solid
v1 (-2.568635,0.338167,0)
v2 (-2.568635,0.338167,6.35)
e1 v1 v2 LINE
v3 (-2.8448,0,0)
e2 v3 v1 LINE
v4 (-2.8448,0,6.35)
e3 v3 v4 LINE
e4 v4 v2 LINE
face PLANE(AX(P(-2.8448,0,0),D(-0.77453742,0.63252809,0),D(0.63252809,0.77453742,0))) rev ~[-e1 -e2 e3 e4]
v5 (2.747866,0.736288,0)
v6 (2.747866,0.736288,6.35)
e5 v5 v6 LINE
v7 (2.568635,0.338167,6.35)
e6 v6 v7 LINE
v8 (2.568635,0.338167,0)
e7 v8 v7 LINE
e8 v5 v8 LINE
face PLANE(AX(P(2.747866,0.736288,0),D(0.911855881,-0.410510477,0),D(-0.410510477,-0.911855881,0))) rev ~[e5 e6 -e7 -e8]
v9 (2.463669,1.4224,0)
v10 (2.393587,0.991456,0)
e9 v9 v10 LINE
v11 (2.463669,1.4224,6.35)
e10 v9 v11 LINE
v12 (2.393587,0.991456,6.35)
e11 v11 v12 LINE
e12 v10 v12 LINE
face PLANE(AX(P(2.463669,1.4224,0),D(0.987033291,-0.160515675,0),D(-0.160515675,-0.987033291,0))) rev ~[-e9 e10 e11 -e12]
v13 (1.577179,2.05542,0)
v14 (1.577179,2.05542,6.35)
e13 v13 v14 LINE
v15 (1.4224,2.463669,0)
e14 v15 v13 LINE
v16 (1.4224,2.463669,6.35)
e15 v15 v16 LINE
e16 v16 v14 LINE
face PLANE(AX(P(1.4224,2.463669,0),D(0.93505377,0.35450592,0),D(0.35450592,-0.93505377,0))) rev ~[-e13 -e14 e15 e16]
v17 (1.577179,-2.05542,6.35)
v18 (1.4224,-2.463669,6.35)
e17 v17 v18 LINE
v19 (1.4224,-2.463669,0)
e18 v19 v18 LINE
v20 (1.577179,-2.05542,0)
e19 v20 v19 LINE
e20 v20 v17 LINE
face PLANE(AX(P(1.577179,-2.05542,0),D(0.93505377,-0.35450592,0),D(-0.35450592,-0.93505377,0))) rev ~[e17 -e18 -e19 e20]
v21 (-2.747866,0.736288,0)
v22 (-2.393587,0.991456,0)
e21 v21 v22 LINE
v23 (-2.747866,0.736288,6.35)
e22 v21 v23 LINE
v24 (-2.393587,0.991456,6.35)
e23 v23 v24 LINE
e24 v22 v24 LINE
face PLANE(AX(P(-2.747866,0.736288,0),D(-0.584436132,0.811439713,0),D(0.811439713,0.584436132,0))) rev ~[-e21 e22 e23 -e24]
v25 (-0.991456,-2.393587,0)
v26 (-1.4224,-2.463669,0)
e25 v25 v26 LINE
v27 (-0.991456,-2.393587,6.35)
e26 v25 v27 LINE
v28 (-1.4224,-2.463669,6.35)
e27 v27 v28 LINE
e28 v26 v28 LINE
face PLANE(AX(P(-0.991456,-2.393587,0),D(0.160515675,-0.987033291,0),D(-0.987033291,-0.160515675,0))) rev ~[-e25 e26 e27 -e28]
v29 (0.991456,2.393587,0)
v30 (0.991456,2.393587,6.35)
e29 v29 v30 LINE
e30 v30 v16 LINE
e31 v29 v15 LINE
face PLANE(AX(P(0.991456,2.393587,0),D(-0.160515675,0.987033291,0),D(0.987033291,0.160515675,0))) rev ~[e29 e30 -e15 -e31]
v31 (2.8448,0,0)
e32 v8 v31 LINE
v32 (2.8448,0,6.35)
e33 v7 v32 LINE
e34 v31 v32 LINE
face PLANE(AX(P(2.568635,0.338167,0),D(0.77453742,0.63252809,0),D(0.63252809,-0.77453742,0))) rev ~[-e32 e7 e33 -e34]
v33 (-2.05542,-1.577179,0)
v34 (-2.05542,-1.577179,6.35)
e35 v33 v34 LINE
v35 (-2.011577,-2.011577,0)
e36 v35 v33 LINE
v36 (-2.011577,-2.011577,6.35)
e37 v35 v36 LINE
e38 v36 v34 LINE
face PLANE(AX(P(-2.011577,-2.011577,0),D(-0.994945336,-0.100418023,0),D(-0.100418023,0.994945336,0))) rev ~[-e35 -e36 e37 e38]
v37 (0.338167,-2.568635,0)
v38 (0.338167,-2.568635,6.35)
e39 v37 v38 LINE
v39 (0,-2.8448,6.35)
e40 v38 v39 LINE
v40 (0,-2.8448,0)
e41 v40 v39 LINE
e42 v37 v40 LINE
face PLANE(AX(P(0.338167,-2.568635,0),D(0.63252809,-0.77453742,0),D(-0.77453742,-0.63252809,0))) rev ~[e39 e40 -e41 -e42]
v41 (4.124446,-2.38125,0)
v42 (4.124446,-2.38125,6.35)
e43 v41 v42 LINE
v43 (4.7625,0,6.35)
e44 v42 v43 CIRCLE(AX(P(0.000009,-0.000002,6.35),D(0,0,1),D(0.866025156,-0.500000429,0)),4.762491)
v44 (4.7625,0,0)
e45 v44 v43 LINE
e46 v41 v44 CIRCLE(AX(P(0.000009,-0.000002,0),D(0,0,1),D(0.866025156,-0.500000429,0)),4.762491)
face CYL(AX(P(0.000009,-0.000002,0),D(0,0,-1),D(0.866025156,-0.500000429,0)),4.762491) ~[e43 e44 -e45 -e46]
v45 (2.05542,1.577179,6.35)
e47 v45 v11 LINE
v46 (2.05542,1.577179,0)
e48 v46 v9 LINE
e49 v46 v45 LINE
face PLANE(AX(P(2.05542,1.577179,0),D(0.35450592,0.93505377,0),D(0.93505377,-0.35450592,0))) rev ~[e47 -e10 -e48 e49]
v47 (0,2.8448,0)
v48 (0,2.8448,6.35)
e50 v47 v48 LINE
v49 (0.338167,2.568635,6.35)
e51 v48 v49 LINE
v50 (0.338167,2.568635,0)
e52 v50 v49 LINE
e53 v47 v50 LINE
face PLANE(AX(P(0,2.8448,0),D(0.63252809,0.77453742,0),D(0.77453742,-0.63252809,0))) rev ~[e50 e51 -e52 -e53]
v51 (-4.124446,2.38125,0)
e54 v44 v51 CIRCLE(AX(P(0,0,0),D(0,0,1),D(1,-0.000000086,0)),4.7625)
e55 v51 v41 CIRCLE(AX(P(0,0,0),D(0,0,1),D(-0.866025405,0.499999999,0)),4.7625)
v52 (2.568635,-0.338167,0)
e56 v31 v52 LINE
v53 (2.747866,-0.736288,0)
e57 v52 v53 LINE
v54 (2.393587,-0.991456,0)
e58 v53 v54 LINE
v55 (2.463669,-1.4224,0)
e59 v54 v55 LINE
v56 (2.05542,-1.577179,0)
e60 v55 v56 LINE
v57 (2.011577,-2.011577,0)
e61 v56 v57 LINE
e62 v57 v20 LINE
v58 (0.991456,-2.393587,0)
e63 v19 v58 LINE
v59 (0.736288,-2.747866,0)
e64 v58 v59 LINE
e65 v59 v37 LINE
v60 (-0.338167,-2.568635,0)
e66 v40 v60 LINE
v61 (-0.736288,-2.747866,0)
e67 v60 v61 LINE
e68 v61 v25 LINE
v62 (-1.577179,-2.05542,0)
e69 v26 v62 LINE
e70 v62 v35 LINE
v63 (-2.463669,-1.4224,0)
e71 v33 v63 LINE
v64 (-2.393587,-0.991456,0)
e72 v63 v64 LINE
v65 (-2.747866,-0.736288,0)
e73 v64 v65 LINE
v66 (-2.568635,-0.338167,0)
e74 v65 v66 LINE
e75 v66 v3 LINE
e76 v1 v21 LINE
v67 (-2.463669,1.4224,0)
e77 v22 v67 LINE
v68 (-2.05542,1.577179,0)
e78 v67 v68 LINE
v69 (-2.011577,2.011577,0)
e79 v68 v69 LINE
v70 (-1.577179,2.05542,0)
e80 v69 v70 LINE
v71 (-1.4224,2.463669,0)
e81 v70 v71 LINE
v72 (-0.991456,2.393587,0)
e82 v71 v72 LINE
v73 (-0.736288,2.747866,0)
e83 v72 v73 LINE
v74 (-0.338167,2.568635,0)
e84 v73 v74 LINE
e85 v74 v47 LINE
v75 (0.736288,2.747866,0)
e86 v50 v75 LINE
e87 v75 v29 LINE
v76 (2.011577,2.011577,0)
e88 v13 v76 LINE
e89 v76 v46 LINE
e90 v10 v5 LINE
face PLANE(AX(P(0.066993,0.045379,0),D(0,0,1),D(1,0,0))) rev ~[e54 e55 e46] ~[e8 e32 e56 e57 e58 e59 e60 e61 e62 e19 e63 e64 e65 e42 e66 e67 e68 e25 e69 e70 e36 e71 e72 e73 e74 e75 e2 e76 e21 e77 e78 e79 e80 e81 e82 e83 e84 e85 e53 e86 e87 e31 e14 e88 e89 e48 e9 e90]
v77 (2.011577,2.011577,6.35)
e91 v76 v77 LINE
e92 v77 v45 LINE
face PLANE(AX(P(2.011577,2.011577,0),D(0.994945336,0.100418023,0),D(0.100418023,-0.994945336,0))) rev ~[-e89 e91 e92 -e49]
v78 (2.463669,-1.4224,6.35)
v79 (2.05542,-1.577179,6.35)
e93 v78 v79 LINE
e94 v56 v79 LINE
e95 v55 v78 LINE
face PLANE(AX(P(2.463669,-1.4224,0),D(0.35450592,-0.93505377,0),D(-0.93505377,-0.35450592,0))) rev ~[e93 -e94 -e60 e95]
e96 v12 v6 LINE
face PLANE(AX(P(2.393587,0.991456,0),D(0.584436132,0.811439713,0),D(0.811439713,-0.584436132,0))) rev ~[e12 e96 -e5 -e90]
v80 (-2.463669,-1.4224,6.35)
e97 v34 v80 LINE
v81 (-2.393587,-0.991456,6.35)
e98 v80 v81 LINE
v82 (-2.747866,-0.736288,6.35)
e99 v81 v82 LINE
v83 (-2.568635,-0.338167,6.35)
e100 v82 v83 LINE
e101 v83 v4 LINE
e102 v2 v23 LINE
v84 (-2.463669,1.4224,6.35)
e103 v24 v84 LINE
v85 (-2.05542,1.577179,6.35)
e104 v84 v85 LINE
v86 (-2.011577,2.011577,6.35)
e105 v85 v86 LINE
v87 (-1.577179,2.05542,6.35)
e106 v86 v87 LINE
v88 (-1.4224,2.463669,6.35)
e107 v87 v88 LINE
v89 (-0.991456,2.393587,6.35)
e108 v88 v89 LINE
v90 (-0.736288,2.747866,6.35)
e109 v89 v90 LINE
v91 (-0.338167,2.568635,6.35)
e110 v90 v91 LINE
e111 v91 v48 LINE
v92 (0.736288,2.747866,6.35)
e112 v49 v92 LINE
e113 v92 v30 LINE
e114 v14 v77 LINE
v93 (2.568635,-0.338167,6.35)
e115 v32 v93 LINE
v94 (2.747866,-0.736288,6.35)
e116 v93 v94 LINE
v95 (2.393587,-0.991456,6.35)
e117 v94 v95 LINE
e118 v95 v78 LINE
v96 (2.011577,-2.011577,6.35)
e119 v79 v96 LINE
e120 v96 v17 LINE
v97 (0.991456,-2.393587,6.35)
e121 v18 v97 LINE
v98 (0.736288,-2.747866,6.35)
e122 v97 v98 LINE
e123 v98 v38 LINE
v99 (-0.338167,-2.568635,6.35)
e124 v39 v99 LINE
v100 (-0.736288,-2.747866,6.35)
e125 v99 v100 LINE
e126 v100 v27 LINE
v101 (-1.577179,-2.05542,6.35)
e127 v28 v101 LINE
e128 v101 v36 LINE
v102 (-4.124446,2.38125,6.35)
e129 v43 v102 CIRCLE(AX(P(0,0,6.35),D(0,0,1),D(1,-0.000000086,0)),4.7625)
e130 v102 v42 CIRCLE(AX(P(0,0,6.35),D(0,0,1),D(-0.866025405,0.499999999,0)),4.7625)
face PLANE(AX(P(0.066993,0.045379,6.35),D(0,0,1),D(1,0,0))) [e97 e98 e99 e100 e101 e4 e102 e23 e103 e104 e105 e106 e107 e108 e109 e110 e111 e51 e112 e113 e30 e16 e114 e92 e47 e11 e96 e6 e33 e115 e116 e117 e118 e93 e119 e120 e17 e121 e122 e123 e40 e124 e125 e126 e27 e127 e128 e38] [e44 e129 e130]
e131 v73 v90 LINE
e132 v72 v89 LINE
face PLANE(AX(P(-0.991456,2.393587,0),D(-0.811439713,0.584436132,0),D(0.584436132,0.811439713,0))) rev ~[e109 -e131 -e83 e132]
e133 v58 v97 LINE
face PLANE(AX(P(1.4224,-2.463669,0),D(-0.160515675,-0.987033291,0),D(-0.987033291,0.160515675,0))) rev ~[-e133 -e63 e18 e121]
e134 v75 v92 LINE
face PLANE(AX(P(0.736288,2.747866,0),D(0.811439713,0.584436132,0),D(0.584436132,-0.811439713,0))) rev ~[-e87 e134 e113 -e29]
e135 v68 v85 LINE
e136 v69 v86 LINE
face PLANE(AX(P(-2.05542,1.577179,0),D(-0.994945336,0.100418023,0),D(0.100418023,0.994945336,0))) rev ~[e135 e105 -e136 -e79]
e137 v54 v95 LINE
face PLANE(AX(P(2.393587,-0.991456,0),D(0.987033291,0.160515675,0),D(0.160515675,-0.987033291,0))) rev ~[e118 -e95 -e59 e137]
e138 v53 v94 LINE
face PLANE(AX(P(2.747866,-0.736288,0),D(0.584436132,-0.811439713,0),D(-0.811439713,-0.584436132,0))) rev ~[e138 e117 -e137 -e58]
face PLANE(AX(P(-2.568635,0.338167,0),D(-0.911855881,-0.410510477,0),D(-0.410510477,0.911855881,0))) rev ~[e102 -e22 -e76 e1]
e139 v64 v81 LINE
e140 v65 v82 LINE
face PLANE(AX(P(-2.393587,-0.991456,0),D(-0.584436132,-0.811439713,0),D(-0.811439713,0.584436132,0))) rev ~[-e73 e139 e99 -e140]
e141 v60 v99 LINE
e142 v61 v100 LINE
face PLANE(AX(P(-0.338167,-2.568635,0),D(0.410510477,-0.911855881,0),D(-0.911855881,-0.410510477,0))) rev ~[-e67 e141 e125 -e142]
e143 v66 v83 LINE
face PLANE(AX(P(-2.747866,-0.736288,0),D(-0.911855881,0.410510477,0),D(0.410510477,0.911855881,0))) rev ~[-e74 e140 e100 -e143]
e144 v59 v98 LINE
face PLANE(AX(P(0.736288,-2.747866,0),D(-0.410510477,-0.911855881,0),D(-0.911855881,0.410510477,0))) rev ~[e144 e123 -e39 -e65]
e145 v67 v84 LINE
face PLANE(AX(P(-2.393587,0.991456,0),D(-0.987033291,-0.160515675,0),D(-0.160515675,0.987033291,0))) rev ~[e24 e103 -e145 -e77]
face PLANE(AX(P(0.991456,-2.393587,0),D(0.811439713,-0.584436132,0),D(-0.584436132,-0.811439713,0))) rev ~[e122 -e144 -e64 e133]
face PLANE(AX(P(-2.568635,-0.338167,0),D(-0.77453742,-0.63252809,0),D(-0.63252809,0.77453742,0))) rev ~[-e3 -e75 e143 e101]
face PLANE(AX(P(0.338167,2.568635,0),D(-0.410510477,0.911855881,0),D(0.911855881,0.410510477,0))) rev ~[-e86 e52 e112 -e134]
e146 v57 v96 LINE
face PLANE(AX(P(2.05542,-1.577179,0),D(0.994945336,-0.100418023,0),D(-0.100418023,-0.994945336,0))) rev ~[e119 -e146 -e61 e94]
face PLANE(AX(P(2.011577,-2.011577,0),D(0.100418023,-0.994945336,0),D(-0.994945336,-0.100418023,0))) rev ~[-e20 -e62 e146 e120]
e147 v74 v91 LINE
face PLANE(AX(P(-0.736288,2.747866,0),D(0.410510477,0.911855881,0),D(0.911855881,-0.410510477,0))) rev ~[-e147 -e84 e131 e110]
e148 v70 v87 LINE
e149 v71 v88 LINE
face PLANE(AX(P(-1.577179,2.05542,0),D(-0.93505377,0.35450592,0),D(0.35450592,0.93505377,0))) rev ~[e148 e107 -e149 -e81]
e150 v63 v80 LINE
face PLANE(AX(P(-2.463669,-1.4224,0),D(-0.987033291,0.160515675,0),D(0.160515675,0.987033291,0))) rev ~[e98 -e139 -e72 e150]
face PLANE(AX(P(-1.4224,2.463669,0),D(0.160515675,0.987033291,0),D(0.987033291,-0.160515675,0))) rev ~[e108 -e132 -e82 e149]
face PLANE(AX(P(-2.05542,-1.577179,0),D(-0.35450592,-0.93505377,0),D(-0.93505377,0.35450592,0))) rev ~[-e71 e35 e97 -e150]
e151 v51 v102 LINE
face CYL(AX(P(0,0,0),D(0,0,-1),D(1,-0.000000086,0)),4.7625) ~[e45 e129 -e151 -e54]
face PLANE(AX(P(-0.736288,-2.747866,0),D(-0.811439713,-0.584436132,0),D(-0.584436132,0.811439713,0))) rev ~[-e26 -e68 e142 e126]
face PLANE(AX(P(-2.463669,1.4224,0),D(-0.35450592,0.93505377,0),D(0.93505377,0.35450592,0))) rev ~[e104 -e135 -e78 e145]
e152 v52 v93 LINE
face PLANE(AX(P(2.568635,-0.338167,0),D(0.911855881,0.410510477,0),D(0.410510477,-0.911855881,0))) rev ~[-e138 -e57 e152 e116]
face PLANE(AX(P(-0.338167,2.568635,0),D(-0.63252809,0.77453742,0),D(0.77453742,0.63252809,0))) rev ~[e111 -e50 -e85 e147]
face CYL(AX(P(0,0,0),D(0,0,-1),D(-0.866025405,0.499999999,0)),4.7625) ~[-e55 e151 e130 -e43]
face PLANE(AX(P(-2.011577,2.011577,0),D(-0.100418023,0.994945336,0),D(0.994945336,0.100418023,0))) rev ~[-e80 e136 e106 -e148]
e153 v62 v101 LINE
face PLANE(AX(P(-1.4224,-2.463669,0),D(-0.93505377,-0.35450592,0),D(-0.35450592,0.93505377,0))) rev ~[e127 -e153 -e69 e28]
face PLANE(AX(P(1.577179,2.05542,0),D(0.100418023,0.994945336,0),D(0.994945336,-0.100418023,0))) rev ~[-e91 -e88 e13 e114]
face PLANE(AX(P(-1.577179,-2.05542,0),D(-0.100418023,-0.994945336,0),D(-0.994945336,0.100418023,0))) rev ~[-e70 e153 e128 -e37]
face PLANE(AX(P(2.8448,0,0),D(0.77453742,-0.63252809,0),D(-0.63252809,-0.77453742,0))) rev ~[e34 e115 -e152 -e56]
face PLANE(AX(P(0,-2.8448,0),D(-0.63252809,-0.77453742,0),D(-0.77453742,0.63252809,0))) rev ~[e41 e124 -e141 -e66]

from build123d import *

# Parameters (mm, degrees)
F1_DEPTH = 6.35


with BuildPart() as f1:
    # F0 (on Top) → F1 (new body)
    with BuildSketch(Plane.XY):
        with BuildLine():
            ThreePointArc((4.124446, -2.38125), (4.600222, -1.232626), (4.7625, 0))
            ThreePointArc((4.7625, 0), (1.232626, 4.600222), (-4.124446, 2.38125))
            ThreePointArc((-4.124446, 2.38125), (-2.38125, -4.124446), (4.124446, -2.38125))
        make_face()
        Polygon((-0.736288, 2.747866), (-0.338167, 2.568635), (0, 2.8448), (0.338167, 2.568635), (0.736288, 2.747866), (0.991456, 2.393587), (1.4224, 2.463669), (1.577179, 2.05542), (2.011577, 2.011577), (2.05542, 1.577179), (2.463669, 1.4224), (2.393587, 0.991456), (2.747866, 0.736288), (2.568635, 0.338167), (2.8448, 0), (2.568635, -0.338167), (2.747866, -0.736288), (2.393587, -0.991456), (2.463669, -1.4224), (2.05542, -1.577179), (2.011577, -2.011577), (1.577179, -2.05542), (1.4224, -2.463669), (0.991456, -2.393587), (0.736288, -2.747866), (0.338167, -2.568635), (0, -2.8448), (-0.338167, -2.568635), (-0.736288, -2.747866), (-0.991456, -2.393587), (-1.4224, -2.463669), (-1.577179, -2.05542), (-2.011577, -2.011577), (-2.05542, -1.577179), (-2.463669, -1.4224), (-2.393587, -0.991456), (-2.747866, -0.736288), (-2.568635, -0.338167), (-2.8448, 0), (-2.568635, 0.338167), (-2.747866, 0.736288), (-2.393587, 0.991456), (-2.463669, 1.4224), (-2.05542, 1.577179), (-2.011577, 2.011577), (-1.577179, 2.05542), (-1.4224, 2.463669), (-0.991456, 2.393587), align=None, mode=Mode.SUBTRACT)
    extrude(amount=F1_DEPTH)


solid = f1.part
